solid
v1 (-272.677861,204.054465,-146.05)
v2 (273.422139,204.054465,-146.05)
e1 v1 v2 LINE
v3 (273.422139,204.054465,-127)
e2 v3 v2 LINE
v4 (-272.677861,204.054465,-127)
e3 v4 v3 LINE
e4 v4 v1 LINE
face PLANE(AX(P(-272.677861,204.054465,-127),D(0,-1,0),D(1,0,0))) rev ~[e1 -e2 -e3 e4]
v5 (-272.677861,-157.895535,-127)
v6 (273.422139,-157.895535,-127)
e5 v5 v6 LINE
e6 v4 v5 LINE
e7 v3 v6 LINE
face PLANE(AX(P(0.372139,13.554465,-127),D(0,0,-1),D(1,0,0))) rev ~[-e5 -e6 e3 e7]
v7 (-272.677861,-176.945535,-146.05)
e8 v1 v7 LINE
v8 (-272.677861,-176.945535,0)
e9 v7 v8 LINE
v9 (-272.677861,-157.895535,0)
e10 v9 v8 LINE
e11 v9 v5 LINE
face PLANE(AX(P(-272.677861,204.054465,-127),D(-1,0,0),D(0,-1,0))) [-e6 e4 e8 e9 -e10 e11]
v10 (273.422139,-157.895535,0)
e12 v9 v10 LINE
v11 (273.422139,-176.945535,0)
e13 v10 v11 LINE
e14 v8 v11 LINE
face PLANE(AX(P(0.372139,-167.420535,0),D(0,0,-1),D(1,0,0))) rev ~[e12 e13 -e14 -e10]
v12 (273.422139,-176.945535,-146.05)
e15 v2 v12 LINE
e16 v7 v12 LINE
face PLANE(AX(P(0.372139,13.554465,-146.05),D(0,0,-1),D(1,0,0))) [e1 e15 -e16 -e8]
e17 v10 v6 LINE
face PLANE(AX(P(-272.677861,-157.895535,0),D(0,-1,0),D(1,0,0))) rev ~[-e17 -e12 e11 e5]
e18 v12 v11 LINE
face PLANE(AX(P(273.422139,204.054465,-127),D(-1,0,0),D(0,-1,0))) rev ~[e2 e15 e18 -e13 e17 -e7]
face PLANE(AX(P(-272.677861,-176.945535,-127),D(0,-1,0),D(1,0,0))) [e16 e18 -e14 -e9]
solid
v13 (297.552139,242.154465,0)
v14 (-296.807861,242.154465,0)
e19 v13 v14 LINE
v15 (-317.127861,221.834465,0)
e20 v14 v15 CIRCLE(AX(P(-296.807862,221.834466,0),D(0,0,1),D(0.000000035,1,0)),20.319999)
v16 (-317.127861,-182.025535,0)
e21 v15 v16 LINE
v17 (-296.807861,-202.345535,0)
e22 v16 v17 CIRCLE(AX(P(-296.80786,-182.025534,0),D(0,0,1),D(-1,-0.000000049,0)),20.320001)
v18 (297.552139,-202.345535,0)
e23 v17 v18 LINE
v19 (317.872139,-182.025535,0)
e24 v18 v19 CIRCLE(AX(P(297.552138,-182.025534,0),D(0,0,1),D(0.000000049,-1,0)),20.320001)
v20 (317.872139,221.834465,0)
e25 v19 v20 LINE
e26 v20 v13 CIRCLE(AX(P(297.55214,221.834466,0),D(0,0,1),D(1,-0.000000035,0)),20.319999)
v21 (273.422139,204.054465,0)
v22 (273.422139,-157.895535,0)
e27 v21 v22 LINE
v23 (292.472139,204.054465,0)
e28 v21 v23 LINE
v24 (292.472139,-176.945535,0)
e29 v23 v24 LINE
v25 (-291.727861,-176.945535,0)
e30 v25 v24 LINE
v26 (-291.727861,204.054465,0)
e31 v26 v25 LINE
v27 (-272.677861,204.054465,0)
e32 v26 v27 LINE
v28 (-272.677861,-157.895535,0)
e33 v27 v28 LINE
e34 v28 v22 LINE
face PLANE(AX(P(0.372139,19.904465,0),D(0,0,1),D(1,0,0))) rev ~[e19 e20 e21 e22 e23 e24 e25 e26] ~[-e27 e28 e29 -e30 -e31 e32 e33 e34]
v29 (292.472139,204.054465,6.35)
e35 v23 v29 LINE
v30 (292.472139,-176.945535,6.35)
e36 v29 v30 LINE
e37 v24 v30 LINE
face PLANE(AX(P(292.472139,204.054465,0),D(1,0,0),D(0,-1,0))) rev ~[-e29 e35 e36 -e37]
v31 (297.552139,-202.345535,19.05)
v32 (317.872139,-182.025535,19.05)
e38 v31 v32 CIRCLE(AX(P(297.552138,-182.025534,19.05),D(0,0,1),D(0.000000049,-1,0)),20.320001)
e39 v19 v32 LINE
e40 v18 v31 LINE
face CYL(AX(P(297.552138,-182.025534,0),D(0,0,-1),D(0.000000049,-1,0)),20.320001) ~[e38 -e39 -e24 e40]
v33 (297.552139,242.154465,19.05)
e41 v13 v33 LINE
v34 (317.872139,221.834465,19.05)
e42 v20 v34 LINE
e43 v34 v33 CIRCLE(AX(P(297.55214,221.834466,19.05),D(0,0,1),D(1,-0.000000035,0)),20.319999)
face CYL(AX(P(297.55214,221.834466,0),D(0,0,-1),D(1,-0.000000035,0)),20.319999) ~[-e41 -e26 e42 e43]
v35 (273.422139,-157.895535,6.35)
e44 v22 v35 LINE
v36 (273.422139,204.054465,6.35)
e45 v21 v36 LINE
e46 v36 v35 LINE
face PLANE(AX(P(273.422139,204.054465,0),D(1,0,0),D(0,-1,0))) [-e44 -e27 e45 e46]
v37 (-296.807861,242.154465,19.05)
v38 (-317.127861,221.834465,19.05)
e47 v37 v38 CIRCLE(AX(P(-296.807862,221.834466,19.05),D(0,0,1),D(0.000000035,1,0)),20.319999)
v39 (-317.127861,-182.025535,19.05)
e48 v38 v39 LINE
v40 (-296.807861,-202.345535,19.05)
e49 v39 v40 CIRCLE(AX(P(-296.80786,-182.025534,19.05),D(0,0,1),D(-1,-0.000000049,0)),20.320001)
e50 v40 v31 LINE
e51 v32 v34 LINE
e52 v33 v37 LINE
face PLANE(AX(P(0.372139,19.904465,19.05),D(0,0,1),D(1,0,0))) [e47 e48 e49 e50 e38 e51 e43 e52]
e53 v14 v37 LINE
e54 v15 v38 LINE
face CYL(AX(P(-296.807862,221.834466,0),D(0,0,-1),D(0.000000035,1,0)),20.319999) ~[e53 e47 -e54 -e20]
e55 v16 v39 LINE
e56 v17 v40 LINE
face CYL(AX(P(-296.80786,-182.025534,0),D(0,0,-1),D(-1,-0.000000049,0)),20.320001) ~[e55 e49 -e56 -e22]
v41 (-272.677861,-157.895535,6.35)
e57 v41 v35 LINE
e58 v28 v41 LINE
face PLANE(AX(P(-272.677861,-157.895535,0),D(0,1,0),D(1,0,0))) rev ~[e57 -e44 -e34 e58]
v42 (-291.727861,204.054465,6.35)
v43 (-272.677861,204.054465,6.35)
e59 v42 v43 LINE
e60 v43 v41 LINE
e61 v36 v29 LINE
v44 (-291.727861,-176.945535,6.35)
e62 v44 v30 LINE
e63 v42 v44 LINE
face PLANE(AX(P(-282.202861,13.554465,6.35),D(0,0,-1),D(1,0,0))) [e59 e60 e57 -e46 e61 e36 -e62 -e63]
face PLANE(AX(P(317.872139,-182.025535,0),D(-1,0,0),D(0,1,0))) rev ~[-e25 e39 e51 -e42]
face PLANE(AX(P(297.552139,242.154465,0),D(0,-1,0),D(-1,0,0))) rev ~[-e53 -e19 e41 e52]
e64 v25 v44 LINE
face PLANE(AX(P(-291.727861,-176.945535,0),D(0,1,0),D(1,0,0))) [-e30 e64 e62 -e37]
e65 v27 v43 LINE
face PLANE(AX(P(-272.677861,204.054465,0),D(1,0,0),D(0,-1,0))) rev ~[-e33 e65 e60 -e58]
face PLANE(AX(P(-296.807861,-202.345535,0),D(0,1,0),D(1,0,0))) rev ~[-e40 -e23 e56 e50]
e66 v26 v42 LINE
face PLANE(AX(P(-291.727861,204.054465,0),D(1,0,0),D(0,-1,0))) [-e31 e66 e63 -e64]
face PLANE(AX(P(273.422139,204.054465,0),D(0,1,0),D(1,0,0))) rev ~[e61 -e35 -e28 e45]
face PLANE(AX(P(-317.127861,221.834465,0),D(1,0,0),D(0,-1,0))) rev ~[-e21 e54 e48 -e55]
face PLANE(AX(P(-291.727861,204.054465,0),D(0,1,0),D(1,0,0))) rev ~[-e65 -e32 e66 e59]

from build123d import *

# Parameters (mm, degrees)
F1_DEPTH  = 19.05
F2_W      = 19.05
F2_H      = 381
F3_DEPTH  = 6.35
F4_W      = 546.1
F4_H      = 19.05
F5_DEPTH  = 6.35
F6_W      = 19.05
F6_H      = 381
F7_DEPTH  = 6.35
F8_W      = 546.1
F8_H      = 19.05
F9_DEPTH  = 127
F10_W     = 546.1
F10_H     = 381
F11_DEPTH = 19.05


with BuildPart() as f1:
    # F0 (on Top) → F1 (new body)
    with BuildSketch(Plane.XY):
        with BuildLine():
            Line((297.552139, 242.154465), (-296.807861, 242.154465))
            ThreePointArc((-296.807861, 242.154465), (-311.176271, 236.202875), (-317.127861, 221.834465))
            Line((-317.127861, 221.834465), (-317.127861, -182.025535))
            ThreePointArc((-317.127861, -182.025535), (-311.176271, -196.393944), (-296.807861, -202.345535))
            Line((-296.807861, -202.345535), (297.552139, -202.345535))
            ThreePointArc((297.552139, -202.345535), (311.920549, -196.393944), (317.872139, -182.025535))
            Line((317.872139, -182.025535), (317.872139, 221.834465))
            ThreePointArc((317.872139, 221.834465), (311.920549, 236.202875), (297.552139, 242.154465))
        make_face()
    extrude(amount=F1_DEPTH)

    # F2 (on face) → F3 (cut)
    with BuildSketch(Plane(origin=(0, 0, 0), x_dir=(1, 0, 0), z_dir=(0, 0, -1))):
        with Locations((-282.202861, -13.554465)):
            Rectangle(F2_W, F2_H)
    extrude(amount=-F3_DEPTH, mode=Mode.SUBTRACT)

    # F4 (on face) → F5 (cut)
    with BuildSketch(Plane(origin=(0, 0, 0), x_dir=(1, 0, 0), z_dir=(0, 0, -1))):
        with Locations((0.372139, 167.420535)):
            Rectangle(F4_W, F4_H)
    extrude(amount=-F5_DEPTH, mode=Mode.SUBTRACT)

    # F6 (on face) → F7 (cut)
    with BuildSketch(Plane(origin=(0, 0, 0), x_dir=(1, 0, 0), z_dir=(0, 0, -1))):
        with Locations((282.947139, -13.554465)):
            Rectangle(F6_W, F6_H)
    extrude(amount=-F7_DEPTH, mode=Mode.SUBTRACT)


with BuildPart() as f9:
    # F8 (on face) → F9 (new body)
    with BuildSketch(Plane(origin=(0, 0, 0), x_dir=(1, 0, 0), z_dir=(0, 0, -1))):
        with Locations((0.372139, 167.420535)):
            Rectangle(F8_W, F8_H)
    extrude(amount=F9_DEPTH)

    # F10 (on face) → F11 (join)
    with BuildSketch(Plane(origin=(0, 0, -127), x_dir=(1, 0, 0), z_dir=(0, 0, -1))):
        with Locations((0.372139, -13.554465)):
            Rectangle(F10_W, F10_H)
    extrude(amount=F11_DEPTH)


solid = Compound([f1.part, f9.part])
